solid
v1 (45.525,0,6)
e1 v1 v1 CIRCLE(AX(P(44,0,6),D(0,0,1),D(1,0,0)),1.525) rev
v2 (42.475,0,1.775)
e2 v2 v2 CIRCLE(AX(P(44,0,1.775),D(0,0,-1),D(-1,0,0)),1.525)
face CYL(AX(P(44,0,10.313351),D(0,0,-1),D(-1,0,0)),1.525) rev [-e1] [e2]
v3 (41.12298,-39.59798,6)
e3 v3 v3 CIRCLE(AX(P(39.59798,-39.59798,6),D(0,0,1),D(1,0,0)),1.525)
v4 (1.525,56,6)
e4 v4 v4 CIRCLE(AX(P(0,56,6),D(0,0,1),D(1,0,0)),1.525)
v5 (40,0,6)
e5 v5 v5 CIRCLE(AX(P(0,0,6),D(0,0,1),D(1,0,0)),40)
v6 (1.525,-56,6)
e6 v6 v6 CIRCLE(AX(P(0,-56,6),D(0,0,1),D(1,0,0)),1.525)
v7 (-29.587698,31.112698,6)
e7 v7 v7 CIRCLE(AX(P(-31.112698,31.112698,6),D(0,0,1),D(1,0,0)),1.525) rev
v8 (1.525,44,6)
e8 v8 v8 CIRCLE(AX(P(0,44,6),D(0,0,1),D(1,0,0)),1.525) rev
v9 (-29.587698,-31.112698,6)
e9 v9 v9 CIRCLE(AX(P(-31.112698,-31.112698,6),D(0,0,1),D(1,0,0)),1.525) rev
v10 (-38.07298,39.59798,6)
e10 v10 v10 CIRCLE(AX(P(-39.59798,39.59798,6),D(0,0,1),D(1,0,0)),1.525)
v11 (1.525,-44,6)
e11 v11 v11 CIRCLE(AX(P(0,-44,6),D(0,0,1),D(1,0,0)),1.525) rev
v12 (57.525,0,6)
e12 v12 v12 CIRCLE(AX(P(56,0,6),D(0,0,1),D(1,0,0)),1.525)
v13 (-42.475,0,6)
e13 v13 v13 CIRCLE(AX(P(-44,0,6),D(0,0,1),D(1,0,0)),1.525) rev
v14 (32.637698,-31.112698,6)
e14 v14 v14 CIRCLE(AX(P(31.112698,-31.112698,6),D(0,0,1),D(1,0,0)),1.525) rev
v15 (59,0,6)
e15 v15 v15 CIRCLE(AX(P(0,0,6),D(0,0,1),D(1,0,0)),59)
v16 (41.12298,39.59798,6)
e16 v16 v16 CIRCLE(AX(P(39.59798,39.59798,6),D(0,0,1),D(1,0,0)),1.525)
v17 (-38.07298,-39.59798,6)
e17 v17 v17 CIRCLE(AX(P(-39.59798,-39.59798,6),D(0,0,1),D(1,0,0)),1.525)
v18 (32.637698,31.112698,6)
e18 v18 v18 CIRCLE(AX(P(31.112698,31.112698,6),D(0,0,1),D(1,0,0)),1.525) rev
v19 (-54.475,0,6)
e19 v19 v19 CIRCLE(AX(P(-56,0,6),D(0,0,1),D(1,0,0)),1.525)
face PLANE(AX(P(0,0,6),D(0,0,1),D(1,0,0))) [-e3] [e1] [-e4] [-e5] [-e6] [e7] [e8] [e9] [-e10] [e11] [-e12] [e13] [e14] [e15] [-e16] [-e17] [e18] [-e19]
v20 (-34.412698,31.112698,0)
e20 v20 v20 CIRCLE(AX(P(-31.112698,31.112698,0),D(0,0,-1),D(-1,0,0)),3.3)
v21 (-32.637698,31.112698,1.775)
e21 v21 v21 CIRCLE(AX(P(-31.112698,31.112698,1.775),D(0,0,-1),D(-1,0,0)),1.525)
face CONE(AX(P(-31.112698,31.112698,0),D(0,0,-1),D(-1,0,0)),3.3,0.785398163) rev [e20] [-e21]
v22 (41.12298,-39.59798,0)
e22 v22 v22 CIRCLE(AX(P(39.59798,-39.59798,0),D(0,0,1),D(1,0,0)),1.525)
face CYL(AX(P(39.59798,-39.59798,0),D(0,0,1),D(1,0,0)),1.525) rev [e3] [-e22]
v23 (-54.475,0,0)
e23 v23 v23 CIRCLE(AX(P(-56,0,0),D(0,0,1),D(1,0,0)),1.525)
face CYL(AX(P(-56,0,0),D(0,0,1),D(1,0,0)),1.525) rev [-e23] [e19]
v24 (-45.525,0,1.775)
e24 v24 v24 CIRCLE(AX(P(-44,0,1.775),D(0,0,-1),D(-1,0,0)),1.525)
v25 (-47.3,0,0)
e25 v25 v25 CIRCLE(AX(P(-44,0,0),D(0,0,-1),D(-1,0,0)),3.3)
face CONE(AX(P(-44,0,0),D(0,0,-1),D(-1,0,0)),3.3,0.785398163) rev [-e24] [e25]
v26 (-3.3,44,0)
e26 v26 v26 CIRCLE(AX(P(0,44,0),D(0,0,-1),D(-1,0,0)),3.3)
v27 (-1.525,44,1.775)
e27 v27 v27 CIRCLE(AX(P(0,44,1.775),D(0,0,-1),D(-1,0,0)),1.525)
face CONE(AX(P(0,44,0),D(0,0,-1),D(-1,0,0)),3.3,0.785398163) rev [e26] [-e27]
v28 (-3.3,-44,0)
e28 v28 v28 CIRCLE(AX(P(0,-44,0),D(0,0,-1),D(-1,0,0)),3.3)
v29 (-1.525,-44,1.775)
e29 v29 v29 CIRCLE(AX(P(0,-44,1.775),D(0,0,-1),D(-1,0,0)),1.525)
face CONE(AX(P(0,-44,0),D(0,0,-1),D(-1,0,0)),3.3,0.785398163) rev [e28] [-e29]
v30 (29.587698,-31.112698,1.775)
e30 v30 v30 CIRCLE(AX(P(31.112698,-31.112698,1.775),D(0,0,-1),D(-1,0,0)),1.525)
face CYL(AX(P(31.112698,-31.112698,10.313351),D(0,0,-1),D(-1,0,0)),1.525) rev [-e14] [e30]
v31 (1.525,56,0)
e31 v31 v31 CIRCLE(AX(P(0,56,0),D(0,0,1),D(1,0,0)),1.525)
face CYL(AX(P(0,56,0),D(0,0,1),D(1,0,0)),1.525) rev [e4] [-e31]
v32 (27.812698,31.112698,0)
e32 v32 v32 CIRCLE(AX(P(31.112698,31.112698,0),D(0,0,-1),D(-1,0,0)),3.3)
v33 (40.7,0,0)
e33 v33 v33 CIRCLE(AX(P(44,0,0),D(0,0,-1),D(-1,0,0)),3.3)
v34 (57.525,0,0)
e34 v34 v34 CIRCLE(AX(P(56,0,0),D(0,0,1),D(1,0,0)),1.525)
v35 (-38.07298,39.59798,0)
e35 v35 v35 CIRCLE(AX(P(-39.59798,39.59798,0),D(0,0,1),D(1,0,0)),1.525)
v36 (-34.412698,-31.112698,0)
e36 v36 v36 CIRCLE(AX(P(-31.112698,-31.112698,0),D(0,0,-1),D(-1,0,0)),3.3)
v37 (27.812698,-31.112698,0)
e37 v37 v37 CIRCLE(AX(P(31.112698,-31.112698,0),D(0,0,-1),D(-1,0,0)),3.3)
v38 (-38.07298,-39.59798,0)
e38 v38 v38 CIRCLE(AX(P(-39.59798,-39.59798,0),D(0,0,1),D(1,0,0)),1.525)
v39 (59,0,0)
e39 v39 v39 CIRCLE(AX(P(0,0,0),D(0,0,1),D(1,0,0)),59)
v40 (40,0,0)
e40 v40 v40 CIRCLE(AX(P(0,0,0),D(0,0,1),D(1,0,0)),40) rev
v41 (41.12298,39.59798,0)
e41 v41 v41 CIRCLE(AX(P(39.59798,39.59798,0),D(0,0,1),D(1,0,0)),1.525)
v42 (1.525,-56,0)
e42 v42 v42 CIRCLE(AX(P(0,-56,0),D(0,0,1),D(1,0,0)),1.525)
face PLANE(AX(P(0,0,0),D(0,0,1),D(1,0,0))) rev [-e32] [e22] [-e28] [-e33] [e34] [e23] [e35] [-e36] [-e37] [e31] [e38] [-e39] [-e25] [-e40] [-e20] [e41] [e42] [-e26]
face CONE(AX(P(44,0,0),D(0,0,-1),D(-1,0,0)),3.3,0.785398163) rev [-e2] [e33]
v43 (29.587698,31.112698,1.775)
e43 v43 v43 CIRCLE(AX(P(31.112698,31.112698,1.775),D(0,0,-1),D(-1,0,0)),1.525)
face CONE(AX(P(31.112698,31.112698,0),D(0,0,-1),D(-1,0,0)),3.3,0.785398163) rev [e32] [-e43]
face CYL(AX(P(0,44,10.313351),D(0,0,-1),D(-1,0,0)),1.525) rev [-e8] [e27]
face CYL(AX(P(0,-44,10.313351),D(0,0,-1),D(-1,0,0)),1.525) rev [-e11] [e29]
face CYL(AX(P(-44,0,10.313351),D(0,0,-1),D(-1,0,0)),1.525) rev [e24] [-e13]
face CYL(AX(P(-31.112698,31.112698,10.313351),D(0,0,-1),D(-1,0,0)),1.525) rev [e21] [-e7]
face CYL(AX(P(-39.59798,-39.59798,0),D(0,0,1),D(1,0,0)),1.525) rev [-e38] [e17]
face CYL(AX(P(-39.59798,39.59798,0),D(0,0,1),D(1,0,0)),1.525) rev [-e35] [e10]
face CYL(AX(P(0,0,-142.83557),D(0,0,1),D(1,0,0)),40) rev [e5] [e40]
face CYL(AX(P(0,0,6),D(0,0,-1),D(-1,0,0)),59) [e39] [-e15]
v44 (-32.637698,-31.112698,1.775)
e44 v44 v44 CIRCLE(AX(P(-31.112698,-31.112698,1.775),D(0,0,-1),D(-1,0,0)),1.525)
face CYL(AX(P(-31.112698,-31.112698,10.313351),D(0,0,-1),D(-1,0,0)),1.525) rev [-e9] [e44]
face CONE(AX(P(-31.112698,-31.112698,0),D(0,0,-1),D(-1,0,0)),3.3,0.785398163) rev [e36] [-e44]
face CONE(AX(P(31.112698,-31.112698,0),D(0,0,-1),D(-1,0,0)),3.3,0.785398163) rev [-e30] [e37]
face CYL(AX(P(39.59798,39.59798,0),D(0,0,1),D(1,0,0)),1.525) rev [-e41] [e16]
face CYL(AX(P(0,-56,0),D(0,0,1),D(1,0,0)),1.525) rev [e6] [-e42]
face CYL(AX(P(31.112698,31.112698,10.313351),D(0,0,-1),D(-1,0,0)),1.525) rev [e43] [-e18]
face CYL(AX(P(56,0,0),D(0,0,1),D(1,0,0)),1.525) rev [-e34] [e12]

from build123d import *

# Parameters (mm, degrees)
SKETCH_1_R                   = 59
SKETCH_1_R_2                 = 50.5
EXTRUDE_1_DEPTH              = 6
SKETCH_2_R                   = 1.525
CUT_EXTRUDE_1_DEPTH          = 6
EXTRUDE_START                = -6
SKETCH_6_R                   = 50.5
SKETCH_6_R_2                 = 40
EXTRUDE_2_DEPTH              = 6
SKETCH_7_R                   = 1.525
CUT_EXTRUDE_3_DEPTH          = 6
HOLE_WIZARD_M3_2_D           = 3.05
HOLE_WIZARD_M3_2_CSINK_D     = 6.6
HOLE_WIZARD_M3_2_CSINK_ANGLE = 90
PATTERN_CIRCULAR_2_COUNT     = 8


with BuildPart() as part:
    # 草图1 → 凸台-拉伸1 (new body)
    with BuildSketch(Plane.XY):
        Circle(SKETCH_1_R)
        Circle(SKETCH_1_R_2, mode=Mode.SUBTRACT)
    extrude(amount=EXTRUDE_1_DEPTH)

    # 草图2 → 切除-拉伸1 (cut)
    with BuildSketch(Plane.XY.offset(6)):
        with Locations((0, 56)):
            Circle(SKETCH_2_R)
        with Locations((39.597979746, 39.597979746)):
            Circle(SKETCH_2_R)
        with Locations((56, 0)):
            Circle(SKETCH_2_R)
        with Locations((39.597979746, -39.597979746)):
            Circle(SKETCH_2_R)
        with Locations((0, -56)):
            Circle(SKETCH_2_R)
        with Locations((-39.597979746, -39.597979746)):
            Circle(SKETCH_2_R)
        with Locations((-56, 0)):
            Circle(SKETCH_2_R)
        with Locations((-39.597979746, 39.597979746)):
            Circle(SKETCH_2_R)
    extrude(amount=-CUT_EXTRUDE_1_DEPTH, mode=Mode.SUBTRACT)

    # 草图6 → 凸台-拉伸2 (add)
    with BuildSketch(Plane.XY.offset(6).offset(EXTRUDE_START)):
        Circle(SKETCH_6_R)
        Circle(SKETCH_6_R_2, mode=Mode.SUBTRACT)
    extrude(amount=EXTRUDE_2_DEPTH)

    # 草图7 → 切除-拉伸3 (cut)
    with BuildSketch(Plane(origin=(0, 0, 0), x_dir=(-1, 0, 0), z_dir=(0, 0, -1))):
        with Locations((0, 44)):
            Circle(SKETCH_7_R)
        with Locations((31.112698372, 31.112698372)):
            Circle(SKETCH_7_R)
        with Locations((44, 0)):
            Circle(SKETCH_7_R)
        with Locations((31.112698372, -31.112698372)):
            Circle(SKETCH_7_R)
        with Locations((0, -44)):
            Circle(SKETCH_7_R)
        with Locations((-31.112698372, -31.112698372)):
            Circle(SKETCH_7_R)
        with Locations((-44, 0)):
            Circle(SKETCH_7_R)
        with Locations((-31.112698372, 31.112698372)):
            Circle(SKETCH_7_R)
    extrude(amount=-CUT_EXTRUDE_3_DEPTH, mode=Mode.SUBTRACT)

    # M3 十字槽沉头木螺钉的锥形沉头孔2 (through all)
    with Locations(Plane(origin=(0, 0, 0), x_dir=(-1, 0, 0), z_dir=(0, 0, -1))):
        with Locations((0, 44)):
            hole_wizard_m3_2 = CounterSinkHole(HOLE_WIZARD_M3_2_D / 2, HOLE_WIZARD_M3_2_CSINK_D / 2, counter_sink_angle=HOLE_WIZARD_M3_2_CSINK_ANGLE)

    # 阵列(圆周)2: M3 十字槽沉头木螺钉的锥形沉头孔2 ×8 about axis
    pattern_circular_2_axis = Axis((0, 0, 0), (0, 0, 1))
    for i in range(1, PATTERN_CIRCULAR_2_COUNT):
        add(hole_wizard_m3_2.rotate(pattern_circular_2_axis, i * 360 / PATTERN_CIRCULAR_2_COUNT), mode=Mode.SUBTRACT)


solid = part.part
